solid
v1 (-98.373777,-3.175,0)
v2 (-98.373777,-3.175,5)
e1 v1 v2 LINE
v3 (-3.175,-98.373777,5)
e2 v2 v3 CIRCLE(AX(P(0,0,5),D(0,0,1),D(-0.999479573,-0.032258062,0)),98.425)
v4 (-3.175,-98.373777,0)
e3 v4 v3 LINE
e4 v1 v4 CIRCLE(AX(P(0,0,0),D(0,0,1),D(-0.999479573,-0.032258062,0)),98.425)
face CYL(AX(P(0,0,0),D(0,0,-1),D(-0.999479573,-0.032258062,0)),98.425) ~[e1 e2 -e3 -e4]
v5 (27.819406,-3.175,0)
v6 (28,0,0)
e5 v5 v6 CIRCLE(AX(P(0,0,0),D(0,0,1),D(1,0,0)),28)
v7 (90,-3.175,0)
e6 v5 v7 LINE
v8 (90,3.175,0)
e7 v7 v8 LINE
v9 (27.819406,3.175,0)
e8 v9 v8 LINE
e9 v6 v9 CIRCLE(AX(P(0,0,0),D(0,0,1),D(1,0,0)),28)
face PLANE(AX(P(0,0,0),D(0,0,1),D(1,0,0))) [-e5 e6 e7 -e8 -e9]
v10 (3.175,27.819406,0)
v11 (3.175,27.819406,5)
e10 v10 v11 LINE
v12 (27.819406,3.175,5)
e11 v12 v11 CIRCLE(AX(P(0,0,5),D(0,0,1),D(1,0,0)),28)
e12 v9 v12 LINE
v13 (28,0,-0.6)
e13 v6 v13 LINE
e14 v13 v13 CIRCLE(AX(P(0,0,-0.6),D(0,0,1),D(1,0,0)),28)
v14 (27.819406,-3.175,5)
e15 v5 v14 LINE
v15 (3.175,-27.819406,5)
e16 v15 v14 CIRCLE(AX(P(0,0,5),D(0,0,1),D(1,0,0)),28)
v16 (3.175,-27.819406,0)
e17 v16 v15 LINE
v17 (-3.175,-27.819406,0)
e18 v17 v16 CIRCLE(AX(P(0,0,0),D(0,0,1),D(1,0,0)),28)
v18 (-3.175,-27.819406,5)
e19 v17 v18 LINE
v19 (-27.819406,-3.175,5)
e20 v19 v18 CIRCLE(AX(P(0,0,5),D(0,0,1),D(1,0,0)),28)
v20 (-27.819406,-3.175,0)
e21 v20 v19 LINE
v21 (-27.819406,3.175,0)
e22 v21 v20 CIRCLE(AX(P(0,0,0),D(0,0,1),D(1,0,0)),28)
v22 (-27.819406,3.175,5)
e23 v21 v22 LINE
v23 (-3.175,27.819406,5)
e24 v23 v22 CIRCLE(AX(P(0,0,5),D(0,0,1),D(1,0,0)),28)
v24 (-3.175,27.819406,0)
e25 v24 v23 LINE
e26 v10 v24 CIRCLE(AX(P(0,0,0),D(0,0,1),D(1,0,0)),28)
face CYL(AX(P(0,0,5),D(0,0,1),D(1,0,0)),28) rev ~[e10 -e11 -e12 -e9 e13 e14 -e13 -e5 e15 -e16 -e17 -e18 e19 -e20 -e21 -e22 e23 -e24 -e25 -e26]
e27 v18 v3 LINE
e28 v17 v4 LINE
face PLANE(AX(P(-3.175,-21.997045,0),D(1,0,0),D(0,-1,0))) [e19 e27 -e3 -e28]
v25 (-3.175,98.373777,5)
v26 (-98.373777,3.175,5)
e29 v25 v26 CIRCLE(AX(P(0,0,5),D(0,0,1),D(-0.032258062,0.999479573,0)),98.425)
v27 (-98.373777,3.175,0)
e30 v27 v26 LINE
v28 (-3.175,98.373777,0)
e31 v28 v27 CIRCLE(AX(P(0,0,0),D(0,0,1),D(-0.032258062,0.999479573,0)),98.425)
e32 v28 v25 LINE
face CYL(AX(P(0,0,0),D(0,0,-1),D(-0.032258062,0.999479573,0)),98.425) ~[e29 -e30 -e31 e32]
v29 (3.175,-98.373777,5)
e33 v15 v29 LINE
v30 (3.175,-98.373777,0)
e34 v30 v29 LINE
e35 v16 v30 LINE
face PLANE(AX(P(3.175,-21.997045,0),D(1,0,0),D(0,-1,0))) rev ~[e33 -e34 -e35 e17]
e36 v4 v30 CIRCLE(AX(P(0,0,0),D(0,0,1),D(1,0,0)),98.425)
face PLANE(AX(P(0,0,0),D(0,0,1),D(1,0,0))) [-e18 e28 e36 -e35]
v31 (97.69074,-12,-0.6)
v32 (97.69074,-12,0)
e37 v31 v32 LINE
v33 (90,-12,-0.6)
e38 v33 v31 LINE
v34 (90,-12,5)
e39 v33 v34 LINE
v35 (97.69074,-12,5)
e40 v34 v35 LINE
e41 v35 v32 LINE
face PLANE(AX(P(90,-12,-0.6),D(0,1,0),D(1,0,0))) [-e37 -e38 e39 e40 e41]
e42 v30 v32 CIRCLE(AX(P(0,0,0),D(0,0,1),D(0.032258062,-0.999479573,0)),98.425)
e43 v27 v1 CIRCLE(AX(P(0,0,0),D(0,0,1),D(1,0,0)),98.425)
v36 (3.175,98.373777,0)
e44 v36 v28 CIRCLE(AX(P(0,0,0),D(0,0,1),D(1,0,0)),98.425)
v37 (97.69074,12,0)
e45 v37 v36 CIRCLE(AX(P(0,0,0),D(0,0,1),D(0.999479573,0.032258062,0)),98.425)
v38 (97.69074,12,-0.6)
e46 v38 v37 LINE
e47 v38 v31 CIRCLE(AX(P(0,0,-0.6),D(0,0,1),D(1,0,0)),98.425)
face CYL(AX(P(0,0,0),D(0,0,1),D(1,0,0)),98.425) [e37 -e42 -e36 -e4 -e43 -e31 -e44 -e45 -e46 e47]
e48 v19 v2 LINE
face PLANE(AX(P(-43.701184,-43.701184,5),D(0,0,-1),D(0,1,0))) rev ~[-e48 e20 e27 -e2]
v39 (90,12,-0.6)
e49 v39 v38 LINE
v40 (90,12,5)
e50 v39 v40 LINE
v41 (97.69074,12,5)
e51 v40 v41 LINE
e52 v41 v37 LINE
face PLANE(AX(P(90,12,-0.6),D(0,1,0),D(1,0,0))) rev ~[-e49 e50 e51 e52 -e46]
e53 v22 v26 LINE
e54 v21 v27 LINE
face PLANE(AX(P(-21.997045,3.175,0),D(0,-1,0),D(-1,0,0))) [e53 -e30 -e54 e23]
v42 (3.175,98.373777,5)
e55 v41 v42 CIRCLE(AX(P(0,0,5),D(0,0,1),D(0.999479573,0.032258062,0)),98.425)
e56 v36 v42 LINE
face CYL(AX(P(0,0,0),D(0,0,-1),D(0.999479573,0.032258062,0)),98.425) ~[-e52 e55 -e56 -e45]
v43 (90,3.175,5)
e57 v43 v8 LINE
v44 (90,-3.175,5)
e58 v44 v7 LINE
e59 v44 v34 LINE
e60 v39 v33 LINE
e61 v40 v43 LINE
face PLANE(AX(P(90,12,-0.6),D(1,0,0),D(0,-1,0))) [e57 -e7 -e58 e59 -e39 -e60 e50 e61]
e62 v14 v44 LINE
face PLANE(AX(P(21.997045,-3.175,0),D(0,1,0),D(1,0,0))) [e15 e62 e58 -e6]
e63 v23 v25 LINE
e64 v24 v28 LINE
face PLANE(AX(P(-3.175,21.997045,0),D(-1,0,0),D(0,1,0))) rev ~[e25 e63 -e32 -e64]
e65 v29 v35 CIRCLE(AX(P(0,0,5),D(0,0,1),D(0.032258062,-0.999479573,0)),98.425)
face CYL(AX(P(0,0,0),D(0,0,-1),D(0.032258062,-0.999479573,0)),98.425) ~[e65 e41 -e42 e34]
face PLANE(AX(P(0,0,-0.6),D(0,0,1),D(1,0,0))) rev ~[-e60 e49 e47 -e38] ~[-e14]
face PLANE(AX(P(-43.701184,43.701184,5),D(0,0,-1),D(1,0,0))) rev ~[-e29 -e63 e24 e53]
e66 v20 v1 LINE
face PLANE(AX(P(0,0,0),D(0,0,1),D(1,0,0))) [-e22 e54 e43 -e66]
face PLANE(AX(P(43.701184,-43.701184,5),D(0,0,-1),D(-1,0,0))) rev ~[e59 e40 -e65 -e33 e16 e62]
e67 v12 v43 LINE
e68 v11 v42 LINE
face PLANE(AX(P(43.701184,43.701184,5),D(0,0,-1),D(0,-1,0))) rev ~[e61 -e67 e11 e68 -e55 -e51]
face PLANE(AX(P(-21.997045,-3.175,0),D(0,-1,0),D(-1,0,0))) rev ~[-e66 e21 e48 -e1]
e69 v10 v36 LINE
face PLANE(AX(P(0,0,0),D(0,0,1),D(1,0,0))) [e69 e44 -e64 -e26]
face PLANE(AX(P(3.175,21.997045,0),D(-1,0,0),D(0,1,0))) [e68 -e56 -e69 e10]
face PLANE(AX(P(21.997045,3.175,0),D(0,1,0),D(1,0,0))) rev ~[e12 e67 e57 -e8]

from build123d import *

# Parameters (mm, degrees)
SKETCH_R           = 98.425
PAD_DEPTH          = 0.6
PAD001_DEPTH       = 5
POLARPATTERN_COUNT = 4
SKETCH002_R        = 28
POCKET_DEPTH       = 5.601
SKETCH003_W        = 15
SKETCH003_H        = 24
POCKET001_DEPTH    = 5.601


with BuildPart() as part:
    # Sketch → Pad (new body)
    with BuildSketch(Plane.XY):
        Circle(SKETCH_R)
    extrude(amount=-PAD_DEPTH)

    # Sketch001 → Pad001 (new body)
    with BuildSketch(Plane.XY):
        with BuildLine():
            ThreePointArc((3.175, -21.997045), (15.715448, -15.715448), (21.997045, -3.175))
            Line((21.997045, -3.175), (98.373777, -3.175))
            ThreePointArc((3.175, -98.373777), (69.596985, -69.596985), (98.373777, -3.175))
            Line((3.175, -21.997045), (3.175, -98.373777))
        make_face()
    pad001 = extrude(amount=PAD001_DEPTH)

    # PolarPattern: Pad001 ×4 about axis
    polarpattern_axis = Axis((0, 0, 0), (0, 0, 1))
    for i in range(1, POLARPATTERN_COUNT):
        add(pad001.rotate(polarpattern_axis, i * 360 / POLARPATTERN_COUNT))

    # Sketch002 → Pocket (cut, through all)
    with BuildSketch(Plane.XY.offset(5)):
        Circle(SKETCH002_R)
    extrude(amount=-POCKET_DEPTH, mode=Mode.SUBTRACT)

    # Sketch003 → Pocket001 (cut, through all)
    with BuildSketch(Plane(origin=(0, 0, -0.6), x_dir=(1, 0, 0), z_dir=(0, 0, -1))):
        with Locations((97.5, 0)):
            Rectangle(SKETCH003_W, SKETCH003_H)
    extrude(amount=-POCKET001_DEPTH, mode=Mode.SUBTRACT)


solid = part.part
